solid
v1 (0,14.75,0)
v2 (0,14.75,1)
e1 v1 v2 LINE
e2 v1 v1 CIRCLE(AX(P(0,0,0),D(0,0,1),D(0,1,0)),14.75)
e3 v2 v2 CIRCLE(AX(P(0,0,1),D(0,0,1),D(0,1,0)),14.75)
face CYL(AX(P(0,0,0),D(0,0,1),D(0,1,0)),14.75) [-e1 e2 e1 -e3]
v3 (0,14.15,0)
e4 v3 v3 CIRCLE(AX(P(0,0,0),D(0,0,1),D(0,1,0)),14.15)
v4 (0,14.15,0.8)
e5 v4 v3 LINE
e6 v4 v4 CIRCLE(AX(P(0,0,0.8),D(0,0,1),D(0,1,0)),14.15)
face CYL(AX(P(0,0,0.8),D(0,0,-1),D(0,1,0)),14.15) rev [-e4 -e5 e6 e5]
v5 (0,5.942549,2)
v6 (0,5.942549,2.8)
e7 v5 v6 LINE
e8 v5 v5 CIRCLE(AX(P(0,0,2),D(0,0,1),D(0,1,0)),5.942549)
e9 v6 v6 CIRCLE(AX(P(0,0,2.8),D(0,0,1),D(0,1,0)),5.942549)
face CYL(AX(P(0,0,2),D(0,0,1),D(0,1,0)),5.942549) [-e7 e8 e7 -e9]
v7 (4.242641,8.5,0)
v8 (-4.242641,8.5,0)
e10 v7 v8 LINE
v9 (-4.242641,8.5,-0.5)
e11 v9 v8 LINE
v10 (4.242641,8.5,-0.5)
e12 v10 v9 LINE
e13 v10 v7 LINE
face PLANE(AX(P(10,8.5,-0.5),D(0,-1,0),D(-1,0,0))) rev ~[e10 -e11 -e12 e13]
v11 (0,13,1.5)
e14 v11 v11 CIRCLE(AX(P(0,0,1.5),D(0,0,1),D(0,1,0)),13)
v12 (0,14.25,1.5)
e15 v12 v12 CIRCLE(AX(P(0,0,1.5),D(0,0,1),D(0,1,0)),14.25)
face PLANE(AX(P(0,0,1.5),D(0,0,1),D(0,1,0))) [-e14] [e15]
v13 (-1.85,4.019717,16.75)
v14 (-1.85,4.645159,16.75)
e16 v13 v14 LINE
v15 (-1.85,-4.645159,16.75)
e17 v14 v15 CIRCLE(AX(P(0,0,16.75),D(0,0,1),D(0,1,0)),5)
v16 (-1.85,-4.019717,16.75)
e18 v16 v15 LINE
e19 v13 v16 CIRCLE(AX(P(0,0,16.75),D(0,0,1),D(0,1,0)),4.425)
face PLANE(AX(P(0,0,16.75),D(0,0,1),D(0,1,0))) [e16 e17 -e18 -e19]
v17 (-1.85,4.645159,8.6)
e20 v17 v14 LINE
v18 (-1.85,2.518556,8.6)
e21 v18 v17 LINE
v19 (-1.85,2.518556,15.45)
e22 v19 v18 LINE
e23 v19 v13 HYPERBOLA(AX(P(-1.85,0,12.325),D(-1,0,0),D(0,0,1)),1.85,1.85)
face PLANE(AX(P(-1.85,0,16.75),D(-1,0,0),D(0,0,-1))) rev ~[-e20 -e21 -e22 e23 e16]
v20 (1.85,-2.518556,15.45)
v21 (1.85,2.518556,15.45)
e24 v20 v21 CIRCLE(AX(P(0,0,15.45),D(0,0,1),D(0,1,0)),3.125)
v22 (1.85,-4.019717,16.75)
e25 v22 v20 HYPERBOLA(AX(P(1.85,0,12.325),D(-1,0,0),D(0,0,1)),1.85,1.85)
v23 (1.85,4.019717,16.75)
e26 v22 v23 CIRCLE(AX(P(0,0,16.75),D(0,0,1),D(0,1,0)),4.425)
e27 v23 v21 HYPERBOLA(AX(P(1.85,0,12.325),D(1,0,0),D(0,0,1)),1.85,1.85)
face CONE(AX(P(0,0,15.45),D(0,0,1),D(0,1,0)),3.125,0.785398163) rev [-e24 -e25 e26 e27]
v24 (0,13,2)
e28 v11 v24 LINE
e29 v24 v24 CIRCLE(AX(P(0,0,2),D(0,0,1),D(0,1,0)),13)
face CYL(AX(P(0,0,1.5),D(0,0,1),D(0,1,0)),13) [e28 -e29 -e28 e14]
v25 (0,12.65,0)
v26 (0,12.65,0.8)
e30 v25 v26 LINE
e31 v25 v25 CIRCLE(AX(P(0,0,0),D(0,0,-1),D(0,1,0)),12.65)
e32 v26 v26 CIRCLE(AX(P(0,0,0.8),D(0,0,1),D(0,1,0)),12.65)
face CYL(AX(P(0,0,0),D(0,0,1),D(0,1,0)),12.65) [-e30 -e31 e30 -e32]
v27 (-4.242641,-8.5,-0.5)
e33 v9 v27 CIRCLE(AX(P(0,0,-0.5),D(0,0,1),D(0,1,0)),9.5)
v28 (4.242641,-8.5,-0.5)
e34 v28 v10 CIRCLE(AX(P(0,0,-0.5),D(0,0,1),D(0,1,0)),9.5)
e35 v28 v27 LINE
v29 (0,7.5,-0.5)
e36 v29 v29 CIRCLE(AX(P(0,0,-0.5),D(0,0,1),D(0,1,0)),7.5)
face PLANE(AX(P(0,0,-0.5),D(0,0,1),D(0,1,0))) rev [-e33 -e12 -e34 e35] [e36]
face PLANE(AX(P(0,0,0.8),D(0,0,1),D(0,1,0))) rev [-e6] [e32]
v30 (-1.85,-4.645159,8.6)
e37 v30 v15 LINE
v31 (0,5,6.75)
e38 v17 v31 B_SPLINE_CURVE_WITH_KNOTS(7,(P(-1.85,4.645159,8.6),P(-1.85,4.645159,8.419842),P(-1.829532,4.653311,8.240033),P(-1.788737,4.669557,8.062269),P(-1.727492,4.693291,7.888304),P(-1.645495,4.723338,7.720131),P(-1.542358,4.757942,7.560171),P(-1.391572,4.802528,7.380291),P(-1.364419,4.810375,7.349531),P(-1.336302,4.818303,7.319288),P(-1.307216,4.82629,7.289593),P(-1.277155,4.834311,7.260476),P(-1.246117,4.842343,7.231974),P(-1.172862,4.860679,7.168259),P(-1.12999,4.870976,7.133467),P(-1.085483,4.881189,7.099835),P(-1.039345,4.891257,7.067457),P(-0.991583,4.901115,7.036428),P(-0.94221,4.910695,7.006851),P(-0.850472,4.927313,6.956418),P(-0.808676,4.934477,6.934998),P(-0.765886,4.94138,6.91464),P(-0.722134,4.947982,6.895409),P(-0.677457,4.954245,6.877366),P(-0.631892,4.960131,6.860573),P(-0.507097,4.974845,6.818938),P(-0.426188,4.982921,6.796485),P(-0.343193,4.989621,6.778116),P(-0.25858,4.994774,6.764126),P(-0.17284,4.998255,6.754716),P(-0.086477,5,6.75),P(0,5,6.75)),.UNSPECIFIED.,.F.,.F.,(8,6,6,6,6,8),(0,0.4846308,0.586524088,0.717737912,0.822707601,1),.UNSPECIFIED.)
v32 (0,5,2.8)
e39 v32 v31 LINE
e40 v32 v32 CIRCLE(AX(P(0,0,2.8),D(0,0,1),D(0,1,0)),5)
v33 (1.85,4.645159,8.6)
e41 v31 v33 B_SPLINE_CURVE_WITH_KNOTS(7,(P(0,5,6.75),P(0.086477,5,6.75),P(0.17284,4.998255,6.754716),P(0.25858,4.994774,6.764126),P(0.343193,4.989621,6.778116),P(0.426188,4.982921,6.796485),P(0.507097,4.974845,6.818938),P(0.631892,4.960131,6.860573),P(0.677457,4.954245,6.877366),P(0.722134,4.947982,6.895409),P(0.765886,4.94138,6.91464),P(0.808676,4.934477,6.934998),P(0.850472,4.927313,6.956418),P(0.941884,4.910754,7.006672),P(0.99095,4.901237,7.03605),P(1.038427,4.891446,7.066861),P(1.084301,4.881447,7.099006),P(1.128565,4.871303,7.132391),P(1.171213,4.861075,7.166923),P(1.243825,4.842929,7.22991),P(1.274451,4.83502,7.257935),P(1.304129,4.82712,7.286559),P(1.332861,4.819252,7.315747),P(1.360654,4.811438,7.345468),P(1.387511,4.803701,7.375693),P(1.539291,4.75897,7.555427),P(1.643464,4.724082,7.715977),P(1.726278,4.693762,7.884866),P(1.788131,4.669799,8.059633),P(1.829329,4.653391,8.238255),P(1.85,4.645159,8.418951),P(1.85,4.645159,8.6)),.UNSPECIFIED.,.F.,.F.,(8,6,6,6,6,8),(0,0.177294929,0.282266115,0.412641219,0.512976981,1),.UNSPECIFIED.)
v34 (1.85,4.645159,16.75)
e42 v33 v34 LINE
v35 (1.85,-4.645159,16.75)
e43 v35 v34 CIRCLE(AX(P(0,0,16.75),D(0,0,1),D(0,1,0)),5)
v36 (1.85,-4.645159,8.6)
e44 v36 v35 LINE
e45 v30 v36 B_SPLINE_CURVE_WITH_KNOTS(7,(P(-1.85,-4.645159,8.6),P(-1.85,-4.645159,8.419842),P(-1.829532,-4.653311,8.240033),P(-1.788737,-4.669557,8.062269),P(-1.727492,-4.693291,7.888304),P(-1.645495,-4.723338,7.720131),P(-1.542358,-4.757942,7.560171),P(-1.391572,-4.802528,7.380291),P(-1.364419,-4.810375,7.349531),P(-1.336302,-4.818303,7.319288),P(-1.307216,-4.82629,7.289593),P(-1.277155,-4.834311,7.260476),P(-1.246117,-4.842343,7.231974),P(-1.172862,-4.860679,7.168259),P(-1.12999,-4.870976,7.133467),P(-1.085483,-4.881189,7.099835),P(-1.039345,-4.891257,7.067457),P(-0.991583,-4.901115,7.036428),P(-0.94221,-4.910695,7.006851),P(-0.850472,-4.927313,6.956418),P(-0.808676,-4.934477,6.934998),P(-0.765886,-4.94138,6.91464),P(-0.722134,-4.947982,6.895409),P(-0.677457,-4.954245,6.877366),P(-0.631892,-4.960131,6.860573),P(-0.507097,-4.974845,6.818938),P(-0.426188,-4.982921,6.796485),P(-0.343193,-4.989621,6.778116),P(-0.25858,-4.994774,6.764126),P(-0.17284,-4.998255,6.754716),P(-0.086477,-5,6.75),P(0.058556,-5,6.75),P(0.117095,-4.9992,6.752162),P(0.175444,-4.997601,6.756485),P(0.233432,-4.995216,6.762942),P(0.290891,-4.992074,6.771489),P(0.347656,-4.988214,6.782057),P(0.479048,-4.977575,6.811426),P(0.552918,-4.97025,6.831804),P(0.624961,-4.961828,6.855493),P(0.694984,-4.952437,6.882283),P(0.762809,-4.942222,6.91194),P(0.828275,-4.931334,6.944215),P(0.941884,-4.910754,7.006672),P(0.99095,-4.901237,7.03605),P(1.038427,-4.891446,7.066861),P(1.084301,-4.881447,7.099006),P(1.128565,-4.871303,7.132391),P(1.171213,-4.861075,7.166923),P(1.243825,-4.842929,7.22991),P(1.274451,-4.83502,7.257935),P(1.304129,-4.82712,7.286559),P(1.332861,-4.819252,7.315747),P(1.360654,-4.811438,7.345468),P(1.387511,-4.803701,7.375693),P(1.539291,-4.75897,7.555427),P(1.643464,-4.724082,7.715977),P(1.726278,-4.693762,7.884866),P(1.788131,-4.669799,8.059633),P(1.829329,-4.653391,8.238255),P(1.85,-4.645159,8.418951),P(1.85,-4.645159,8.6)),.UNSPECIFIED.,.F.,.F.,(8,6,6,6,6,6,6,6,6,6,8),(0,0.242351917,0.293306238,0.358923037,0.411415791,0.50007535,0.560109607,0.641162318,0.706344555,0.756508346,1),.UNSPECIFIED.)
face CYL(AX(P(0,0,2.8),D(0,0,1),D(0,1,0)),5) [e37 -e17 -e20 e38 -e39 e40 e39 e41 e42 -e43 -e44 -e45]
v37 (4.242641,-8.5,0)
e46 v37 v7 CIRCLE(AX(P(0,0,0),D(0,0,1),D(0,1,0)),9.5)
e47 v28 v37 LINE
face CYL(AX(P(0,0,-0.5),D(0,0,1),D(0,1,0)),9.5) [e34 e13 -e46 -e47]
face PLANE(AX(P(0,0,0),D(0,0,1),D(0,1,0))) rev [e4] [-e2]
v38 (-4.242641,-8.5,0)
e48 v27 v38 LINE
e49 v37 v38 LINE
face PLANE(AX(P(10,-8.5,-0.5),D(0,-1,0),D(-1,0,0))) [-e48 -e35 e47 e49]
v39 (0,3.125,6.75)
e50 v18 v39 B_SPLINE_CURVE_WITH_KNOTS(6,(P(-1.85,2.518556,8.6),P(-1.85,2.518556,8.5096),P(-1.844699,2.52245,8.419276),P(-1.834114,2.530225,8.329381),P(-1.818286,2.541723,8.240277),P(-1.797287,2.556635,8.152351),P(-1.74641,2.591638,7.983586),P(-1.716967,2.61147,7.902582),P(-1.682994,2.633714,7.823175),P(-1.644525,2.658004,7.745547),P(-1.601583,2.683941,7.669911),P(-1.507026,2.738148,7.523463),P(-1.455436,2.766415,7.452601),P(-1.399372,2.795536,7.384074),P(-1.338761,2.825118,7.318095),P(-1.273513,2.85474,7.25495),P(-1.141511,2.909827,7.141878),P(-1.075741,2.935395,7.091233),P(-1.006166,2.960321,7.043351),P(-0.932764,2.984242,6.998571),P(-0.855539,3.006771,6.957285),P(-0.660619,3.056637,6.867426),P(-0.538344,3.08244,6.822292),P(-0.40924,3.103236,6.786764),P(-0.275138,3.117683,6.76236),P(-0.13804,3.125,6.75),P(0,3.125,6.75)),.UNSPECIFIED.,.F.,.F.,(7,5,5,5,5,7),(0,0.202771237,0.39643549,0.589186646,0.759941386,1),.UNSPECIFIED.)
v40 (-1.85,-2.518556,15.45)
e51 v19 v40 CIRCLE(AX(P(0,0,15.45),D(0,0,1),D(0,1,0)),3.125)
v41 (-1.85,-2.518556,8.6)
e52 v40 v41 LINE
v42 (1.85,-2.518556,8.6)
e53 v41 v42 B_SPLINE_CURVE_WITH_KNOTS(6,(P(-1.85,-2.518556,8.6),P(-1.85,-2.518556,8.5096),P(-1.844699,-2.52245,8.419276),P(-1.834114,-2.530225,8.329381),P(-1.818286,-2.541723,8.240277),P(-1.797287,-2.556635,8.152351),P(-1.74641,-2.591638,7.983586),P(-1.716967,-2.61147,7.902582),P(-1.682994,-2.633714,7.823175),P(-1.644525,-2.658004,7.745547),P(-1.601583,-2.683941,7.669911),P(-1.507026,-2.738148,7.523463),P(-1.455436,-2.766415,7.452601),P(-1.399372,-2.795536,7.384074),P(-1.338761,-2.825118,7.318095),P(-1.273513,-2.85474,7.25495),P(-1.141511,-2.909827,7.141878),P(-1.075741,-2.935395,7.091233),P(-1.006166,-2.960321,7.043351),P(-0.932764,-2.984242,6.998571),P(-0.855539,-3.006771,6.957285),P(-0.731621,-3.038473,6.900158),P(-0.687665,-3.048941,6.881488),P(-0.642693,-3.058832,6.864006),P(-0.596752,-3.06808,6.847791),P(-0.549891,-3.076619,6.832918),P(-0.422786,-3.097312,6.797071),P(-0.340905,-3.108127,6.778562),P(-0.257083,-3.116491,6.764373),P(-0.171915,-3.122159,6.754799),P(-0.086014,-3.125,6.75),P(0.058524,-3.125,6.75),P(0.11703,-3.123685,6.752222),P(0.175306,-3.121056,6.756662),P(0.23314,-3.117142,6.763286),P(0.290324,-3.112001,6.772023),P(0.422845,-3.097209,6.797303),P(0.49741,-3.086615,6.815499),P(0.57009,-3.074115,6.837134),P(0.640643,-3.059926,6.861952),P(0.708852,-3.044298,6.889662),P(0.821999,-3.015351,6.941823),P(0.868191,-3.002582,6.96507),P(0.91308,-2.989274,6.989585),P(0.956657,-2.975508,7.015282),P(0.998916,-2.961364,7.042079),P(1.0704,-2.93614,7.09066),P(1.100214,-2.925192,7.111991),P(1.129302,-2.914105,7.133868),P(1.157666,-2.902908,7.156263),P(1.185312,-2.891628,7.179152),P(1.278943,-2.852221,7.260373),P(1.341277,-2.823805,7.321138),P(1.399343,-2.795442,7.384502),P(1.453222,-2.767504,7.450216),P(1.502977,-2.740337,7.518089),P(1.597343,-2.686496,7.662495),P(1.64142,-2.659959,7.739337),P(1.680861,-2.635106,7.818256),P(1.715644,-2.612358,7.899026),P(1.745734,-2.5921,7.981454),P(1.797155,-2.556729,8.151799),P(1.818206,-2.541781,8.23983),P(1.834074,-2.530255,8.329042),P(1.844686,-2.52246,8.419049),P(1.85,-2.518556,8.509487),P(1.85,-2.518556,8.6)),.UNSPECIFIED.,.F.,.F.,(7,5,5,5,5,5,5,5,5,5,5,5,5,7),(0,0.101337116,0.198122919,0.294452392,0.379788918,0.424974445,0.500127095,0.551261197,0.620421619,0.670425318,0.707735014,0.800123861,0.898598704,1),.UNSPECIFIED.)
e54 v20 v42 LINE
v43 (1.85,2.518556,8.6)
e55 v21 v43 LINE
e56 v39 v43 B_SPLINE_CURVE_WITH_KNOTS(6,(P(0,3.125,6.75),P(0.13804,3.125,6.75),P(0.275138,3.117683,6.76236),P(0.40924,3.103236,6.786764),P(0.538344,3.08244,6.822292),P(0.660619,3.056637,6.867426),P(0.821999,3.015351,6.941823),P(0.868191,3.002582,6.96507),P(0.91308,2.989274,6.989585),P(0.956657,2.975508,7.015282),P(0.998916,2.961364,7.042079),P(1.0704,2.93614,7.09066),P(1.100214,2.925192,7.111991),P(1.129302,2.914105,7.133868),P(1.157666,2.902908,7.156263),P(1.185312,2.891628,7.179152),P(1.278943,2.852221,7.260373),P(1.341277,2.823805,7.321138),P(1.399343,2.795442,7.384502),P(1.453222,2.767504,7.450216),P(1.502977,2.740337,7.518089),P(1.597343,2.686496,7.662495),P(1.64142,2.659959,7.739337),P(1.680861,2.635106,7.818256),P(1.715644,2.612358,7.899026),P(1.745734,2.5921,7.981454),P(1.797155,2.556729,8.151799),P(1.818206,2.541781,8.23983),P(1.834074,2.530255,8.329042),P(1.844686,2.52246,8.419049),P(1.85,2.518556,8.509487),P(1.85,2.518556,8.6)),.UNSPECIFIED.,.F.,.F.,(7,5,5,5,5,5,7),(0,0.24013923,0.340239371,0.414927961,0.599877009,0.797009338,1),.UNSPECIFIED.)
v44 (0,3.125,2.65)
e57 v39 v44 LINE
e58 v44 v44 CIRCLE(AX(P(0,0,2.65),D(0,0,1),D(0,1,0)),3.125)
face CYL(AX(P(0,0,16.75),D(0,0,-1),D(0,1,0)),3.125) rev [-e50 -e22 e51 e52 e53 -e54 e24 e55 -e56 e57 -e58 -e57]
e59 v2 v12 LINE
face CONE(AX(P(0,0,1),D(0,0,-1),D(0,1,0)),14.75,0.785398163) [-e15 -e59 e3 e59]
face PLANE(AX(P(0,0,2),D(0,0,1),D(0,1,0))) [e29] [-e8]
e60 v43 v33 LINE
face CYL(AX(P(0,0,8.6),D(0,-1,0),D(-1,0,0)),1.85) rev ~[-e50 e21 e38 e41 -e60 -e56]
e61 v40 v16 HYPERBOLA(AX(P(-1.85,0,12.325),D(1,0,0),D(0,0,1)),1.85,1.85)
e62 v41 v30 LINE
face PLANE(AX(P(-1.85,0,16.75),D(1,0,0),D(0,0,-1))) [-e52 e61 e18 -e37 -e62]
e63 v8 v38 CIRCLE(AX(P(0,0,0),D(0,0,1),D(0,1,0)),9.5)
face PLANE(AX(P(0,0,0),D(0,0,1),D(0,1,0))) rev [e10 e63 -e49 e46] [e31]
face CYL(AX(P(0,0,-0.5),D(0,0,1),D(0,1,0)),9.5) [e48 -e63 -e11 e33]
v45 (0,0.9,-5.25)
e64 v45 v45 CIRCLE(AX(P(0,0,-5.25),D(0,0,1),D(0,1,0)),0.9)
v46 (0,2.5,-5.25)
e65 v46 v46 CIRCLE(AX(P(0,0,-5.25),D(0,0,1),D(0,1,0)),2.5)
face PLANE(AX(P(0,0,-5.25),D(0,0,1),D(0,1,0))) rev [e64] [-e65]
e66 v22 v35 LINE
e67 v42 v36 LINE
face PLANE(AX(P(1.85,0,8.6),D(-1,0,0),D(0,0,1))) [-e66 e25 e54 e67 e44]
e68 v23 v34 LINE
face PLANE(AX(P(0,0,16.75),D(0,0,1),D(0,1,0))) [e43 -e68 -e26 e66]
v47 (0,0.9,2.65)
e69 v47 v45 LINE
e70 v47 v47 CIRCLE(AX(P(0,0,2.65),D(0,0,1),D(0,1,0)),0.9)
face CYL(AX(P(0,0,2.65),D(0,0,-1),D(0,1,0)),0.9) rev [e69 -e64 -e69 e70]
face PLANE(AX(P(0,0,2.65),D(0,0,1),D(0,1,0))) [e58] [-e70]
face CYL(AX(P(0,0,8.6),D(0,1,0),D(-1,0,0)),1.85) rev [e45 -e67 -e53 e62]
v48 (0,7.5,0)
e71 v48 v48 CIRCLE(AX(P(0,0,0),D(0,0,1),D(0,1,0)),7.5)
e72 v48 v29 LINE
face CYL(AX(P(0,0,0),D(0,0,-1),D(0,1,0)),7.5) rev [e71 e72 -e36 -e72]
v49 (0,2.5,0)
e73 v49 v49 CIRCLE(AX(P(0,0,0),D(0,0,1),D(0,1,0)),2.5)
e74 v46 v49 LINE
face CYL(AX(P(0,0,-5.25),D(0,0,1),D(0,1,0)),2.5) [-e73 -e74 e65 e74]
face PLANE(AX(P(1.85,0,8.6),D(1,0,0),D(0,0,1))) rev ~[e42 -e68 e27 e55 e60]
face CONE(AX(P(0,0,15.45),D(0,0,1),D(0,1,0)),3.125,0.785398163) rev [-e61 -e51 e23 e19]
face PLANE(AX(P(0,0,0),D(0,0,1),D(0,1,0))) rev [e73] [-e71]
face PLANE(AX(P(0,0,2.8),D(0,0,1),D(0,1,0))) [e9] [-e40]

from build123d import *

# Parameters (mm, degrees)
FASE1_SIZE                           = 0.5
FASE2_SIZE                           = 1.3
SCHNITT_LINEAR_AUSTRAGEN1_DEPTH      = 15.75
SCHNITT_LINEAR_AUSTRAGEN1_DEPTH_BACK = 15.75
SKIZZE4_OUTSIDE_W                    = 40.932
SKIZZE4_OUTSIDE_H                    = 40.932
SKIZZE4_OUTSIDE_W_2                  = 20
SKIZZE4_OUTSIDE_H_2                  = 17
SCHNITT_LINEAR_AUSTRAGEN2_DEPTH      = 0.5


with BuildPart() as part:
    # Skizze2 → Rotation1 (revolve)
    with BuildSketch(Plane(origin=(0, 0, 0), x_dir=(0, 0, -1), z_dir=(1, 0, 0))):
        Polygon((0, 14.75), (-1.5, 14.75), (-1.5, 13), (-2, 13), (-2, 5.942548531), (-2.8, 5.942548531), (-2.8, 5), (-16.75, 5), (-16.75, 3.125), (-2.65, 3.125), (-2.65, 0.9), (5.25, 0.9), (5.25, 2.5), (0, 2.5), (0, 7.5), (0.5, 7.5), (0.5, 9.5), (0, 9.5), (0, 12.65), (-0.8, 12.65), (-0.8, 14.15), (0, 14.15), align=None)
    revolve(axis=Axis((0, 0, -10.606367747), (0, 0, 1)))

    # Fase1
    fase1_edges = [part.edges().sort_by_distance(p)[0] for p in [
        (0, -14.75, 1.5),
    ]]
    chamfer(fase1_edges, length=FASE1_SIZE)

    # Fase2
    fase2_edges = [part.edges().sort_by_distance(p)[0] for p in [
        (0, -3.125, 16.75),
    ]]
    chamfer(fase2_edges, length=FASE2_SIZE)

    # Skizze3 → Schnitt-Linear austragen1 (cut, two sides)
    with BuildSketch(Plane(origin=(0, 0, 0), x_dir=(1, 0, 0), z_dir=(0, 1, 0))) as schnitt_linear_austragen1_sk:
        with BuildLine():
            Line((1.85, -8.6), (1.85, -16.75))
            ThreePointArc((1.85, -16.75), (0, -18.6), (-1.85, -16.75))
            Line((-1.85, -16.75), (-1.85, -8.6))
            ThreePointArc((-1.85, -8.6), (0, -6.75), (1.85, -8.6))
        make_face()
    extrude(amount=SCHNITT_LINEAR_AUSTRAGEN1_DEPTH, mode=Mode.SUBTRACT)
    extrude(schnitt_linear_austragen1_sk.sketch, amount=-SCHNITT_LINEAR_AUSTRAGEN1_DEPTH_BACK, mode=Mode.SUBTRACT)

    # Skizze4 outside → Schnitt-Linear austragen2 (cut)
    with BuildSketch(Plane(origin=(0, 0, -0.5), x_dir=(-1, 0, 0), z_dir=(0, 0, -1))):
        Rectangle(SKIZZE4_OUTSIDE_W, SKIZZE4_OUTSIDE_H)
        Rectangle(SKIZZE4_OUTSIDE_W_2, SKIZZE4_OUTSIDE_H_2, mode=Mode.SUBTRACT)
    extrude(amount=-SCHNITT_LINEAR_AUSTRAGEN2_DEPTH, mode=Mode.SUBTRACT)


solid = part.part
